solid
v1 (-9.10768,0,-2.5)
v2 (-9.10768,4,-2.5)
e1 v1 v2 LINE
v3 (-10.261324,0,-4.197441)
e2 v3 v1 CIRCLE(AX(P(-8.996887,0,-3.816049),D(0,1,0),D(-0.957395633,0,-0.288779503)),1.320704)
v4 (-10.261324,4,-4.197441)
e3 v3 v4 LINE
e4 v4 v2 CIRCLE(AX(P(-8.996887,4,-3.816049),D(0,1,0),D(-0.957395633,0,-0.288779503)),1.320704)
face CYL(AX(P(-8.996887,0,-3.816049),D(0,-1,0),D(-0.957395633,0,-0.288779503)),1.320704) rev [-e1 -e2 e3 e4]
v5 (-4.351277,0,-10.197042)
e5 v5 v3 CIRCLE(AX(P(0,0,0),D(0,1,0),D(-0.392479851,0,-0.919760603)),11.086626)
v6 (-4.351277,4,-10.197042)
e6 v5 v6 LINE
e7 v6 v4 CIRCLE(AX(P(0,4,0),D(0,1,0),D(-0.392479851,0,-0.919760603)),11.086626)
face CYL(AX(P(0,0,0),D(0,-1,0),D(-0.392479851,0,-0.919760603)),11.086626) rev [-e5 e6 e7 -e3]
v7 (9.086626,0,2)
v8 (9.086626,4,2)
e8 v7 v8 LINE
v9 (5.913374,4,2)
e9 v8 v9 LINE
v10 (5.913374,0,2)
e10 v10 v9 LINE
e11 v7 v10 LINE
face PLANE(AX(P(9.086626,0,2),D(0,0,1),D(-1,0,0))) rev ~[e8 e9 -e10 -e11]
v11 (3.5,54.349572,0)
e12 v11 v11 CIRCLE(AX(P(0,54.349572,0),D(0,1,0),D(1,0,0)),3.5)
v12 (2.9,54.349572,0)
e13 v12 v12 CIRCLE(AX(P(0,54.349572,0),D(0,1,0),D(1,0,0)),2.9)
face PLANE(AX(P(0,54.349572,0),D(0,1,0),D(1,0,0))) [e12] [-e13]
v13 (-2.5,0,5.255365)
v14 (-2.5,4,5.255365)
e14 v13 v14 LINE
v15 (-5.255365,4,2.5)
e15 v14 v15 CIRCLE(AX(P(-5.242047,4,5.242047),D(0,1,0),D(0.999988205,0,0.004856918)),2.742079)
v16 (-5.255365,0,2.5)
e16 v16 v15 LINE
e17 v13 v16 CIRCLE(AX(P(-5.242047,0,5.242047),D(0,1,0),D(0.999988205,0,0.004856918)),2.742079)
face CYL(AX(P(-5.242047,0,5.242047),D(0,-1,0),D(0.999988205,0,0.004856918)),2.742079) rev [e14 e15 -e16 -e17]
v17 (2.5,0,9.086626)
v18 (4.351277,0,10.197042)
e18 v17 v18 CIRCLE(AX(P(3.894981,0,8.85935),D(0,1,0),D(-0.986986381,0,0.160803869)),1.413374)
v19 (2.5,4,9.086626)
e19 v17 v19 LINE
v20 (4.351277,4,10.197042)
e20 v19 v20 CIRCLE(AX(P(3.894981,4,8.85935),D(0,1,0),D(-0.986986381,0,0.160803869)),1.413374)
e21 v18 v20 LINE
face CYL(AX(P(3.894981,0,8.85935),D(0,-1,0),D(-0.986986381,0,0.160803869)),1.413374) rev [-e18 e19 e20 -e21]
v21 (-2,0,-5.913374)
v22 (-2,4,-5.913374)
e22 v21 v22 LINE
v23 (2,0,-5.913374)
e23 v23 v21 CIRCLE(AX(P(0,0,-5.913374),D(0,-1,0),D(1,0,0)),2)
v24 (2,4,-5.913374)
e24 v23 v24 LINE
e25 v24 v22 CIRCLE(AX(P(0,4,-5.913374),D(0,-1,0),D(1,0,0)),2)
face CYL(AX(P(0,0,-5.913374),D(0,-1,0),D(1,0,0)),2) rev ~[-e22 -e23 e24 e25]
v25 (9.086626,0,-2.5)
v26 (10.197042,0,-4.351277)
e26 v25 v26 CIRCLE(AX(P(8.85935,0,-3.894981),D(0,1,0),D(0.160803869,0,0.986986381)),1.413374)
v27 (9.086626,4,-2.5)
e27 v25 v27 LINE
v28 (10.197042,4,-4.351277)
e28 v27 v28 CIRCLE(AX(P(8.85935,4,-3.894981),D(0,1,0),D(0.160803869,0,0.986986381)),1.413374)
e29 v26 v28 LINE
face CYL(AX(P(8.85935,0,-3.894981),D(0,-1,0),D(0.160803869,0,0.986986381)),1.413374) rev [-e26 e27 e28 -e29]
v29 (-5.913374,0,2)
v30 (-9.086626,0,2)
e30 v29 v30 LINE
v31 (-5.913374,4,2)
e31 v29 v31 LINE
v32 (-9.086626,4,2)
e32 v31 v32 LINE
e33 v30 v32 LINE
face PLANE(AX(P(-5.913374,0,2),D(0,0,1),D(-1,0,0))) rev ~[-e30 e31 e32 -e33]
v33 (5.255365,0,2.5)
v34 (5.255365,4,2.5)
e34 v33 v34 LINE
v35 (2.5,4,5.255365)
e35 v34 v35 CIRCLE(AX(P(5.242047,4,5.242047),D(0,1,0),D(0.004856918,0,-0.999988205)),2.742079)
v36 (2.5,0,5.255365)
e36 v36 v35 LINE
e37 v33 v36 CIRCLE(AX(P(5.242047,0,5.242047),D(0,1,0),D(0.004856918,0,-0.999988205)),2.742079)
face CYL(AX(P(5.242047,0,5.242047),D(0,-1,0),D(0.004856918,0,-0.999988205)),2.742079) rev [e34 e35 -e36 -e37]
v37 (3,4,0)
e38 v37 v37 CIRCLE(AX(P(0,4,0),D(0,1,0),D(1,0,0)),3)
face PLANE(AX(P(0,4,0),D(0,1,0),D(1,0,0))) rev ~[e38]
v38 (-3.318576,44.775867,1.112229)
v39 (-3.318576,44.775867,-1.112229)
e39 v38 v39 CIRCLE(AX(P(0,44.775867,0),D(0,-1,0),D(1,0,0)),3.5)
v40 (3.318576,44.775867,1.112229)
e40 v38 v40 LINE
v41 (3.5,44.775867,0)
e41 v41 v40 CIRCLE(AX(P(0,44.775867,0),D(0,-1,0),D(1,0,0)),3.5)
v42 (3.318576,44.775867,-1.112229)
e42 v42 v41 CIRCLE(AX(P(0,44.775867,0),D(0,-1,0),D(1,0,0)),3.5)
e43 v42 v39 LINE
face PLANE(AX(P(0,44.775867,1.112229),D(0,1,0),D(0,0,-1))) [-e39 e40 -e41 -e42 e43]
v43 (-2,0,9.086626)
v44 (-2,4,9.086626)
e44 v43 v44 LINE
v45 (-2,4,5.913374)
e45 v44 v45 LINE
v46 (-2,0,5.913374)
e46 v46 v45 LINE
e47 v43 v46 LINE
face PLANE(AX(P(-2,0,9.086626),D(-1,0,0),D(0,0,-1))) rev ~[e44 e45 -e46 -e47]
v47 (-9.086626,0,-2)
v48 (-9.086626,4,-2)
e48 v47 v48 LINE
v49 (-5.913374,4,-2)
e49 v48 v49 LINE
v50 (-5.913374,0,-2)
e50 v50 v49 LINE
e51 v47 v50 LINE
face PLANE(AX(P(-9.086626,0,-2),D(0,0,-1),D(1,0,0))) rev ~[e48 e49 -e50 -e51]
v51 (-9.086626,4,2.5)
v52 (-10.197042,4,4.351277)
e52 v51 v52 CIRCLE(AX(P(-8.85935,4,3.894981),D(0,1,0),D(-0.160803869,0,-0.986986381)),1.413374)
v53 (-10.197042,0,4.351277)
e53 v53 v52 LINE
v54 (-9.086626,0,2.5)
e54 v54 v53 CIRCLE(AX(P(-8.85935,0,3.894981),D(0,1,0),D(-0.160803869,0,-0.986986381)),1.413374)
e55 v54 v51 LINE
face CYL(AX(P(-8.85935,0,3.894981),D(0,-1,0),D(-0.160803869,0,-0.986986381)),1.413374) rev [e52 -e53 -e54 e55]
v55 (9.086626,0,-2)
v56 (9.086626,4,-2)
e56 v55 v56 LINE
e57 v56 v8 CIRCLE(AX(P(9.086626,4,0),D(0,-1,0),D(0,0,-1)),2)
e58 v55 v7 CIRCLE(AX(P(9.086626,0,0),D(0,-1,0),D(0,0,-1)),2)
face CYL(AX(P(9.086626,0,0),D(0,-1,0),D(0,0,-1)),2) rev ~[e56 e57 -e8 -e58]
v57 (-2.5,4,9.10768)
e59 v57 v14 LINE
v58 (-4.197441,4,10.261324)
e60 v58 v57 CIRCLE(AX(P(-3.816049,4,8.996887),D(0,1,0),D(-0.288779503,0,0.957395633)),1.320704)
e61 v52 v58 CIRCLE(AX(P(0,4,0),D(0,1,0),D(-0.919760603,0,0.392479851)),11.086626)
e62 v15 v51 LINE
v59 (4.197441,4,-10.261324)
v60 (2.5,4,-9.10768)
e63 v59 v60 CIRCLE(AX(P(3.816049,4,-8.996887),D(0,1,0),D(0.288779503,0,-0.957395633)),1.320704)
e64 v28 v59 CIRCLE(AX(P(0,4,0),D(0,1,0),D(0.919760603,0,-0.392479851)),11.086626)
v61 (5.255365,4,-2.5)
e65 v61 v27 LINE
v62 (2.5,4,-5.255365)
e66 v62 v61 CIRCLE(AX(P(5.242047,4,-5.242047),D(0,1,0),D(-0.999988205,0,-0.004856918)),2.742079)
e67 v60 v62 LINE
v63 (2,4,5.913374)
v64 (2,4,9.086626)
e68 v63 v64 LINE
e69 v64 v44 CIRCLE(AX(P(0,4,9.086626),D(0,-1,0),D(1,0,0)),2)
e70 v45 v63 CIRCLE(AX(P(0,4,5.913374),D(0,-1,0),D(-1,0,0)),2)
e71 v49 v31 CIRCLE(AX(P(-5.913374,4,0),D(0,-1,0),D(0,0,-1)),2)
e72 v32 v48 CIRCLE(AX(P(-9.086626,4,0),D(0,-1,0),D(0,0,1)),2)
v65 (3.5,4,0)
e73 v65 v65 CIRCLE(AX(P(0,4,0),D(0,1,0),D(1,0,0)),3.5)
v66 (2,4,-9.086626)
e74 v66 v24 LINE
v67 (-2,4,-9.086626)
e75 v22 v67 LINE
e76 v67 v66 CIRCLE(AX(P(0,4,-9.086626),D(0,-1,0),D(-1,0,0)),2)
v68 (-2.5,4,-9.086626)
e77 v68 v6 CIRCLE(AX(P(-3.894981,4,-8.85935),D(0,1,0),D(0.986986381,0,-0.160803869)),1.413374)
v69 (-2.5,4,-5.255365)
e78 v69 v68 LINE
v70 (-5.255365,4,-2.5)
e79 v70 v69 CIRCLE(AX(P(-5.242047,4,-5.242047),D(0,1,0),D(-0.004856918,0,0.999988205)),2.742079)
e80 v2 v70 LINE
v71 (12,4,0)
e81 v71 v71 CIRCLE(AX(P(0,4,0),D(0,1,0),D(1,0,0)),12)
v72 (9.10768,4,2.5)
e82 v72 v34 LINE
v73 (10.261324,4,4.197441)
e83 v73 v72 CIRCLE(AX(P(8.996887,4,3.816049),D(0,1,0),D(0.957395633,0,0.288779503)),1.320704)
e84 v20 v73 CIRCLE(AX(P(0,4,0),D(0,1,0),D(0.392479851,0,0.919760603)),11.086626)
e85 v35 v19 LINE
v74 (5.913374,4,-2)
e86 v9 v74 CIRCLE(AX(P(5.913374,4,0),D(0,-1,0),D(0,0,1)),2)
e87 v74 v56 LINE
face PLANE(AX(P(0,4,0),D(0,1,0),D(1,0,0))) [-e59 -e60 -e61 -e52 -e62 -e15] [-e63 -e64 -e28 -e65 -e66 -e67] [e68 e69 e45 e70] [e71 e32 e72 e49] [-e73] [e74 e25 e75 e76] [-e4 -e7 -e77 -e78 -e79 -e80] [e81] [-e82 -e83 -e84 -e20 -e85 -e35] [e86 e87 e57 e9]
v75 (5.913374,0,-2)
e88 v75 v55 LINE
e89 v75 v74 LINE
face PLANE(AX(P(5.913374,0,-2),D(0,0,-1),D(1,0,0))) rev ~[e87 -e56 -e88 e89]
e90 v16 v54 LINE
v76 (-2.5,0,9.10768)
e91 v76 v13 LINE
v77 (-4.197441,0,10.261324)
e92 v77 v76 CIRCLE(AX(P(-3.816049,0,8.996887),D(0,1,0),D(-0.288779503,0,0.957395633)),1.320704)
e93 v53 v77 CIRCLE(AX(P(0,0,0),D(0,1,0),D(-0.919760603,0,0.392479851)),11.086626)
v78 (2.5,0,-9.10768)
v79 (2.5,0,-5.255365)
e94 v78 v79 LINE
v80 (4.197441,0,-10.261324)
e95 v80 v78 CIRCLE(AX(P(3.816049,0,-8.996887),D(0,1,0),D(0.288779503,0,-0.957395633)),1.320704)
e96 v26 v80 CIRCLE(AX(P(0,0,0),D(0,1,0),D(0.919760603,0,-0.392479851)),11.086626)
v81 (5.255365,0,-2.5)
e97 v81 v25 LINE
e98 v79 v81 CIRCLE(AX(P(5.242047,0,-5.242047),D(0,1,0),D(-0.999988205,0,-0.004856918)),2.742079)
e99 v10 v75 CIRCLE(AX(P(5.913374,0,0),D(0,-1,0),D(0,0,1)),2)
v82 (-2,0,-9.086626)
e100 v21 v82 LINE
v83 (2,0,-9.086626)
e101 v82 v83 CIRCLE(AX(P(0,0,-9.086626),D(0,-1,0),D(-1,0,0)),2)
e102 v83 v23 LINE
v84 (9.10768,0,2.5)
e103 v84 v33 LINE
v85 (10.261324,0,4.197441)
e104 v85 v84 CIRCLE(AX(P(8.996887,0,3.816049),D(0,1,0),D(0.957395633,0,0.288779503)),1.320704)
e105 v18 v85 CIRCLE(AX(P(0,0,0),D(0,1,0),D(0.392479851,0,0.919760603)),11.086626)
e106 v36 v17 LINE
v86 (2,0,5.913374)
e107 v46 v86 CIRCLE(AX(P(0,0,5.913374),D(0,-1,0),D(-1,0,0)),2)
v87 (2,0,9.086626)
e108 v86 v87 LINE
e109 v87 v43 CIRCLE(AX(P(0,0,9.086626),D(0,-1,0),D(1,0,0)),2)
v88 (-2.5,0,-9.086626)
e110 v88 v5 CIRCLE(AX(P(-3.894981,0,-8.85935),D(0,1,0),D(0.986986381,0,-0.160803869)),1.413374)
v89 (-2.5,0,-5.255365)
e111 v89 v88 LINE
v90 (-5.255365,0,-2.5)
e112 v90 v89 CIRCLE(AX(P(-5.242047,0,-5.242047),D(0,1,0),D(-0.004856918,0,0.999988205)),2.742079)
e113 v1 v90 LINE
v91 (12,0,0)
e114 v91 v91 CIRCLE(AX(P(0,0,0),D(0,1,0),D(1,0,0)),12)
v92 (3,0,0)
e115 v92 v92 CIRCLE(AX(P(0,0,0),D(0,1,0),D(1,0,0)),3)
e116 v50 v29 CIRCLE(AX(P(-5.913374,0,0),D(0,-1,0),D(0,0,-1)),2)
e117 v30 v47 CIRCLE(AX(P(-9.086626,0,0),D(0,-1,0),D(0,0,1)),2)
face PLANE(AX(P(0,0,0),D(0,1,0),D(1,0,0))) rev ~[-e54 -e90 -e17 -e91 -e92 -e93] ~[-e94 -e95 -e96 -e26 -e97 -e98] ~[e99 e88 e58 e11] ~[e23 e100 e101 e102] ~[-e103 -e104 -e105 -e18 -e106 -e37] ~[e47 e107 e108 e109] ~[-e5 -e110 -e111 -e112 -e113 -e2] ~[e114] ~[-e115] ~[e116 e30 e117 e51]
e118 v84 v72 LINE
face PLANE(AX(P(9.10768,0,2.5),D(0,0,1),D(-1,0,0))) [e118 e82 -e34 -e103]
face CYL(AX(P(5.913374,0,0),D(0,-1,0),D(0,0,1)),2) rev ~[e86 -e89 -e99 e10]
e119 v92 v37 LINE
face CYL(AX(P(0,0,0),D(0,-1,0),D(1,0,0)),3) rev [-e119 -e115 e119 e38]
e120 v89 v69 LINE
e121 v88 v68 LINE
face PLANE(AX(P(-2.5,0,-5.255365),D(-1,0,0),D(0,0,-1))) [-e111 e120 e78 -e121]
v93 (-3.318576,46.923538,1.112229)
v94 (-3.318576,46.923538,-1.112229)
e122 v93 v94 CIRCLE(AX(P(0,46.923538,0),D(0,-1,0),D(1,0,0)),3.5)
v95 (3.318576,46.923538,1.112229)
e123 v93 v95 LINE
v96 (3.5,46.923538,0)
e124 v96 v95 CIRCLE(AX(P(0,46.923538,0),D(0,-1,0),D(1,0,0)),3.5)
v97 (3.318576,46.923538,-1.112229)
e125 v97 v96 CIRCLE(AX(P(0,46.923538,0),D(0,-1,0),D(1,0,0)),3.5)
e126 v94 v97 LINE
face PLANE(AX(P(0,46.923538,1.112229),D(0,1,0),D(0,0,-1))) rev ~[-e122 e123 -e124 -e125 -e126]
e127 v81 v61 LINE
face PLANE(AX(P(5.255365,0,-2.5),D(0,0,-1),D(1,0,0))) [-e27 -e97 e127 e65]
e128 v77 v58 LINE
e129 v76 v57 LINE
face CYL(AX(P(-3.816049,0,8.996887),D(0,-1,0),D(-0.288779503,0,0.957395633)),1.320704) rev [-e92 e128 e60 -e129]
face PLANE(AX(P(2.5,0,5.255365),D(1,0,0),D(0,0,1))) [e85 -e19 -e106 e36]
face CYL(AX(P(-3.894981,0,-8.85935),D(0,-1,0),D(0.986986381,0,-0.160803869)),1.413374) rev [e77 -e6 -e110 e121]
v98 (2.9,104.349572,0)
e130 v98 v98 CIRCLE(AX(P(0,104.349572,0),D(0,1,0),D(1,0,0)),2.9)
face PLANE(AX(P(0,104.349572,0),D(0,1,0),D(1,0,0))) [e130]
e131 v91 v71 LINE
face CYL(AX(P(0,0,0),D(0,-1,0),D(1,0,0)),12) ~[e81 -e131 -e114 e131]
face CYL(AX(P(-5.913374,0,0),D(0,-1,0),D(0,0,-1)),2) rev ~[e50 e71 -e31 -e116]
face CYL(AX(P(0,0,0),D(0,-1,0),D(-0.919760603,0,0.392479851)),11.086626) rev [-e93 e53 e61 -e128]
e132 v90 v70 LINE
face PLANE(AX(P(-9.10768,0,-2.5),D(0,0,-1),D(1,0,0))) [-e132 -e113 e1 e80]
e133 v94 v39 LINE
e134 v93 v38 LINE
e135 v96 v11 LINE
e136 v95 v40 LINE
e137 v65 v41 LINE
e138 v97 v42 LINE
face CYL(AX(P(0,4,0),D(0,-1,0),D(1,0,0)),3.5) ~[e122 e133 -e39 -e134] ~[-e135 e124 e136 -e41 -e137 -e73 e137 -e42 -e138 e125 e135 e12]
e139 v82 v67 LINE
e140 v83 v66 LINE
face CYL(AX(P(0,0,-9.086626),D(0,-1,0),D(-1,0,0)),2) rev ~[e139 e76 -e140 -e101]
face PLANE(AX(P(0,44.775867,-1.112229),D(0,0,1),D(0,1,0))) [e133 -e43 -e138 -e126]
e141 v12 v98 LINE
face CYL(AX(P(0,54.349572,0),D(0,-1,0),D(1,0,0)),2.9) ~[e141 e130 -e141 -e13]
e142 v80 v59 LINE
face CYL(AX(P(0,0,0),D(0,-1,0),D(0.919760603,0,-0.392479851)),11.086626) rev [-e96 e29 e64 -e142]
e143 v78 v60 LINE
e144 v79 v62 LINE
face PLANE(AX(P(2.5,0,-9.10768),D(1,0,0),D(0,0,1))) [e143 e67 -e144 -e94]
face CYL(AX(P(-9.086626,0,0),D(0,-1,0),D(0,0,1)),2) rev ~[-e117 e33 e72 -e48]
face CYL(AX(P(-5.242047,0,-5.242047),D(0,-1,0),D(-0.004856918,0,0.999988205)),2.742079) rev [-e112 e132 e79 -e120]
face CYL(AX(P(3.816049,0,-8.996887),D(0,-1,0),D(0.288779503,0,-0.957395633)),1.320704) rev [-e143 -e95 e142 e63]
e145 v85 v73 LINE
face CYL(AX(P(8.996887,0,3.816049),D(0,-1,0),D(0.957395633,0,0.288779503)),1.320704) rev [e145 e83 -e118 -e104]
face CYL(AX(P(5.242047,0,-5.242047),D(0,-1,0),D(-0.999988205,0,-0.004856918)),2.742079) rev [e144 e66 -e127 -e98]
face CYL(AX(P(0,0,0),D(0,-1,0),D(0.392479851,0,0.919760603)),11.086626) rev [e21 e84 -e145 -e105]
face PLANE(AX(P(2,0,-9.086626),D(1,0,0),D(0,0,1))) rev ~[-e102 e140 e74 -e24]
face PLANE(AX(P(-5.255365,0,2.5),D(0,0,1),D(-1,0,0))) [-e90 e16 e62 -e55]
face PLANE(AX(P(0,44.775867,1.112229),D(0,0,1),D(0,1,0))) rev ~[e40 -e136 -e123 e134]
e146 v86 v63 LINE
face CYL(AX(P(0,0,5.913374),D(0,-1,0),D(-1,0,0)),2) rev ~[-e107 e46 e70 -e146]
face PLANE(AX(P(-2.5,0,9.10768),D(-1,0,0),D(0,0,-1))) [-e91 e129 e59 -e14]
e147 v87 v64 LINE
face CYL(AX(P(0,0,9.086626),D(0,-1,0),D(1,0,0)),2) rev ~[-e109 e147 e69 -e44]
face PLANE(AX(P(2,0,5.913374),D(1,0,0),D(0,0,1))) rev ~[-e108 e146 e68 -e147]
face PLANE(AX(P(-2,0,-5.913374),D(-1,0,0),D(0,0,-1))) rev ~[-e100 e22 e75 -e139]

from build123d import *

# Parameters (mm, degrees)
SKETCH1_R               = 12
SKETCH1_R_2             = 3
BOSS_EXTRUDE1_DEPTH     = 4
SKETCH2_R               = 3.5
BOSS_EXTRUDE2_DEPTH     = 50.349572071
SKETCH3_W               = 2.224458382
SKETCH3_H               = 2.147670282
CUT_EXTRUDE1_DEPTH      = 4.436572991
CUT_EXTRUDE1_DEPTH_BACK = 100
SKETCH10_R              = 2.9
BOSS_EXTRUDE3_DEPTH     = 50


with BuildPart() as part:
    # Sketch1 → Boss-Extrude1 (new body)
    with BuildSketch(Plane(origin=(0, 0, 0), x_dir=(1, 0, 0), z_dir=(0, 1, 0))):
        Circle(SKETCH1_R)
        Circle(SKETCH1_R_2, mode=Mode.SUBTRACT)
        with BuildLine():
            Line((-2, -9.086626064), (-2, -5.913373936))
            ThreePointArc((-2, -5.913373936), (0, -3.913373936), (2, -5.913373936))
            Line((2, -5.913373936), (2, -9.086626064))
            ThreePointArc((2, -9.086626064), (0, -11.086626064), (-2, -9.086626064))
        make_face(mode=Mode.SUBTRACT)
        with BuildLine():
            Line((-9.086626064, 2), (-5.913373936, 2))
            ThreePointArc((-5.913373936, 2), (-3.913373936, 0), (-5.913373936, -2))
            Line((-5.913373936, -2), (-9.086626064, -2))
            ThreePointArc((-9.086626064, -2), (-11.086626064, 0), (-9.086626064, 2))
        make_face(mode=Mode.SUBTRACT)
        with BuildLine():
            Line((2, 9.086626064), (2, 5.913373936))
            ThreePointArc((2, 5.913373936), (0, 3.913373936), (-2, 5.913373936))
            Line((-2, 5.913373936), (-2, 9.086626064))
            ThreePointArc((-2, 9.086626064), (0, 11.086626064), (2, 9.086626064))
        make_face(mode=Mode.SUBTRACT)
        with BuildLine():
            Line((9.086626064, -2), (5.913373936, -2))
            ThreePointArc((5.913373936, -2), (3.913373936, 0), (5.913373936, 2))
            Line((5.913373936, 2), (9.086626064, 2))
            ThreePointArc((9.086626064, 2), (11.086626064, 0), (9.086626064, -2))
        make_face(mode=Mode.SUBTRACT)
        with BuildLine():
            Line((-5.255365036, -2.5), (-7.5, -2.5))
            Line((-7.5, -2.5), (-9.086626064, -2.5))
            ThreePointArc((-9.086626064, -2.5), (-10.071409475, -3.167974724), (-10.197041871, -4.351277348))
            ThreePointArc((-10.197041871, -4.351277348), (-7.780260231, -7.89815347), (-4.197441442, -10.261323639))
            ThreePointArc((-4.197441442, -10.261323639), (-3.073674879, -10.089196803), (-2.5, -9.107679575))
            Line((-2.5, -9.107679575), (-2.5, -7.5))
            Line((-2.5, -7.5), (-2.5, -5.256429725))
            Line((-2.5, -5.256429725), (-2.5, -5.255365036))
            ThreePointArc((-2.5, -5.255365036), (-3.303104097, -3.303104097), (-5.255365036, -2.5))
        make_face(mode=Mode.SUBTRACT)
        with BuildLine():
            Line((2.5, -5.255365036), (2.5, -7.5))
            Line((2.5, -7.5), (2.5, -9.086626064))
            ThreePointArc((2.5, -9.086626064), (3.167974724, -10.071409475), (4.351277348, -10.197041871))
            ThreePointArc((4.351277348, -10.197041871), (7.89815347, -7.780260231), (10.261323639, -4.197441442))
            ThreePointArc((10.261323639, -4.197441442), (10.089196803, -3.073674879), (9.107679575, -2.5))
            Line((9.107679575, -2.5), (7.5, -2.5))
            Line((7.5, -2.5), (5.256429725, -2.5))
            Line((5.256429725, -2.5), (5.255365036, -2.5))
            ThreePointArc((5.255365036, -2.5), (3.303104097, -3.303104097), (2.5, -5.255365036))
        make_face(mode=Mode.SUBTRACT)
        with BuildLine():
            Line((-2.5, 5.255365036), (-2.5, 7.5))
            Line((-2.5, 7.5), (-2.5, 9.086626064))
            ThreePointArc((-2.5, 9.086626064), (-3.167974724, 10.071409475), (-4.351277348, 10.197041871))
            ThreePointArc((-4.351277348, 10.197041871), (-7.89815347, 7.780260231), (-10.261323639, 4.197441442))
            ThreePointArc((-10.261323639, 4.197441442), (-10.089196803, 3.073674879), (-9.107679575, 2.5))
            Line((-9.107679575, 2.5), (-7.5, 2.5))
            Line((-7.5, 2.5), (-5.256429725, 2.5))
            Line((-5.256429725, 2.5), (-5.255365036, 2.5))
            ThreePointArc((-5.255365036, 2.5), (-3.303104097, 3.303104097), (-2.5, 5.255365036))
        make_face(mode=Mode.SUBTRACT)
        with BuildLine():
            Line((5.255365036, 2.5), (7.5, 2.5))
            Line((7.5, 2.5), (9.086626064, 2.5))
            ThreePointArc((9.086626064, 2.5), (10.071409475, 3.167974724), (10.197041871, 4.351277348))
            ThreePointArc((10.197041871, 4.351277348), (7.780260231, 7.89815347), (4.197441442, 10.261323639))
            ThreePointArc((4.197441442, 10.261323639), (3.073674879, 10.089196803), (2.5, 9.107679575))
            Line((2.5, 9.107679575), (2.5, 7.5))
            Line((2.5, 7.5), (2.5, 5.256429725))
            Line((2.5, 5.256429725), (2.5, 5.255365036))
            ThreePointArc((2.5, 5.255365036), (3.303104097, 3.303104097), (5.255365036, 2.5))
        make_face(mode=Mode.SUBTRACT)
    extrude(amount=BOSS_EXTRUDE1_DEPTH)

    # Sketch2 → Boss-Extrude2 (add)
    with BuildSketch(Plane(origin=(0, 4, 0), x_dir=(1, 0, 0), z_dir=(0, 1, 0))):
        Circle(SKETCH2_R)
    extrude(amount=BOSS_EXTRUDE2_DEPTH)

    # Sketch3 → Cut-Extrude1 (cut, two sides)
    with BuildSketch(Plane(origin=(0, 0, 0), x_dir=(0, 0, -1), z_dir=(1, 0, 0))) as cut_extrude1_sk:
        with Locations((0, 45.849702495)):
            Rectangle(SKETCH3_W, SKETCH3_H)
    extrude(amount=CUT_EXTRUDE1_DEPTH, mode=Mode.SUBTRACT)
    extrude(cut_extrude1_sk.sketch, amount=-CUT_EXTRUDE1_DEPTH_BACK, mode=Mode.SUBTRACT)

    # Sketch10 → Boss-Extrude3 (add)
    with BuildSketch(Plane(origin=(0, 54.349572071, 0), x_dir=(1, 0, 0), z_dir=(0, 1, 0))):
        Circle(SKETCH10_R)
    extrude(amount=BOSS_EXTRUDE3_DEPTH)


solid = part.part
